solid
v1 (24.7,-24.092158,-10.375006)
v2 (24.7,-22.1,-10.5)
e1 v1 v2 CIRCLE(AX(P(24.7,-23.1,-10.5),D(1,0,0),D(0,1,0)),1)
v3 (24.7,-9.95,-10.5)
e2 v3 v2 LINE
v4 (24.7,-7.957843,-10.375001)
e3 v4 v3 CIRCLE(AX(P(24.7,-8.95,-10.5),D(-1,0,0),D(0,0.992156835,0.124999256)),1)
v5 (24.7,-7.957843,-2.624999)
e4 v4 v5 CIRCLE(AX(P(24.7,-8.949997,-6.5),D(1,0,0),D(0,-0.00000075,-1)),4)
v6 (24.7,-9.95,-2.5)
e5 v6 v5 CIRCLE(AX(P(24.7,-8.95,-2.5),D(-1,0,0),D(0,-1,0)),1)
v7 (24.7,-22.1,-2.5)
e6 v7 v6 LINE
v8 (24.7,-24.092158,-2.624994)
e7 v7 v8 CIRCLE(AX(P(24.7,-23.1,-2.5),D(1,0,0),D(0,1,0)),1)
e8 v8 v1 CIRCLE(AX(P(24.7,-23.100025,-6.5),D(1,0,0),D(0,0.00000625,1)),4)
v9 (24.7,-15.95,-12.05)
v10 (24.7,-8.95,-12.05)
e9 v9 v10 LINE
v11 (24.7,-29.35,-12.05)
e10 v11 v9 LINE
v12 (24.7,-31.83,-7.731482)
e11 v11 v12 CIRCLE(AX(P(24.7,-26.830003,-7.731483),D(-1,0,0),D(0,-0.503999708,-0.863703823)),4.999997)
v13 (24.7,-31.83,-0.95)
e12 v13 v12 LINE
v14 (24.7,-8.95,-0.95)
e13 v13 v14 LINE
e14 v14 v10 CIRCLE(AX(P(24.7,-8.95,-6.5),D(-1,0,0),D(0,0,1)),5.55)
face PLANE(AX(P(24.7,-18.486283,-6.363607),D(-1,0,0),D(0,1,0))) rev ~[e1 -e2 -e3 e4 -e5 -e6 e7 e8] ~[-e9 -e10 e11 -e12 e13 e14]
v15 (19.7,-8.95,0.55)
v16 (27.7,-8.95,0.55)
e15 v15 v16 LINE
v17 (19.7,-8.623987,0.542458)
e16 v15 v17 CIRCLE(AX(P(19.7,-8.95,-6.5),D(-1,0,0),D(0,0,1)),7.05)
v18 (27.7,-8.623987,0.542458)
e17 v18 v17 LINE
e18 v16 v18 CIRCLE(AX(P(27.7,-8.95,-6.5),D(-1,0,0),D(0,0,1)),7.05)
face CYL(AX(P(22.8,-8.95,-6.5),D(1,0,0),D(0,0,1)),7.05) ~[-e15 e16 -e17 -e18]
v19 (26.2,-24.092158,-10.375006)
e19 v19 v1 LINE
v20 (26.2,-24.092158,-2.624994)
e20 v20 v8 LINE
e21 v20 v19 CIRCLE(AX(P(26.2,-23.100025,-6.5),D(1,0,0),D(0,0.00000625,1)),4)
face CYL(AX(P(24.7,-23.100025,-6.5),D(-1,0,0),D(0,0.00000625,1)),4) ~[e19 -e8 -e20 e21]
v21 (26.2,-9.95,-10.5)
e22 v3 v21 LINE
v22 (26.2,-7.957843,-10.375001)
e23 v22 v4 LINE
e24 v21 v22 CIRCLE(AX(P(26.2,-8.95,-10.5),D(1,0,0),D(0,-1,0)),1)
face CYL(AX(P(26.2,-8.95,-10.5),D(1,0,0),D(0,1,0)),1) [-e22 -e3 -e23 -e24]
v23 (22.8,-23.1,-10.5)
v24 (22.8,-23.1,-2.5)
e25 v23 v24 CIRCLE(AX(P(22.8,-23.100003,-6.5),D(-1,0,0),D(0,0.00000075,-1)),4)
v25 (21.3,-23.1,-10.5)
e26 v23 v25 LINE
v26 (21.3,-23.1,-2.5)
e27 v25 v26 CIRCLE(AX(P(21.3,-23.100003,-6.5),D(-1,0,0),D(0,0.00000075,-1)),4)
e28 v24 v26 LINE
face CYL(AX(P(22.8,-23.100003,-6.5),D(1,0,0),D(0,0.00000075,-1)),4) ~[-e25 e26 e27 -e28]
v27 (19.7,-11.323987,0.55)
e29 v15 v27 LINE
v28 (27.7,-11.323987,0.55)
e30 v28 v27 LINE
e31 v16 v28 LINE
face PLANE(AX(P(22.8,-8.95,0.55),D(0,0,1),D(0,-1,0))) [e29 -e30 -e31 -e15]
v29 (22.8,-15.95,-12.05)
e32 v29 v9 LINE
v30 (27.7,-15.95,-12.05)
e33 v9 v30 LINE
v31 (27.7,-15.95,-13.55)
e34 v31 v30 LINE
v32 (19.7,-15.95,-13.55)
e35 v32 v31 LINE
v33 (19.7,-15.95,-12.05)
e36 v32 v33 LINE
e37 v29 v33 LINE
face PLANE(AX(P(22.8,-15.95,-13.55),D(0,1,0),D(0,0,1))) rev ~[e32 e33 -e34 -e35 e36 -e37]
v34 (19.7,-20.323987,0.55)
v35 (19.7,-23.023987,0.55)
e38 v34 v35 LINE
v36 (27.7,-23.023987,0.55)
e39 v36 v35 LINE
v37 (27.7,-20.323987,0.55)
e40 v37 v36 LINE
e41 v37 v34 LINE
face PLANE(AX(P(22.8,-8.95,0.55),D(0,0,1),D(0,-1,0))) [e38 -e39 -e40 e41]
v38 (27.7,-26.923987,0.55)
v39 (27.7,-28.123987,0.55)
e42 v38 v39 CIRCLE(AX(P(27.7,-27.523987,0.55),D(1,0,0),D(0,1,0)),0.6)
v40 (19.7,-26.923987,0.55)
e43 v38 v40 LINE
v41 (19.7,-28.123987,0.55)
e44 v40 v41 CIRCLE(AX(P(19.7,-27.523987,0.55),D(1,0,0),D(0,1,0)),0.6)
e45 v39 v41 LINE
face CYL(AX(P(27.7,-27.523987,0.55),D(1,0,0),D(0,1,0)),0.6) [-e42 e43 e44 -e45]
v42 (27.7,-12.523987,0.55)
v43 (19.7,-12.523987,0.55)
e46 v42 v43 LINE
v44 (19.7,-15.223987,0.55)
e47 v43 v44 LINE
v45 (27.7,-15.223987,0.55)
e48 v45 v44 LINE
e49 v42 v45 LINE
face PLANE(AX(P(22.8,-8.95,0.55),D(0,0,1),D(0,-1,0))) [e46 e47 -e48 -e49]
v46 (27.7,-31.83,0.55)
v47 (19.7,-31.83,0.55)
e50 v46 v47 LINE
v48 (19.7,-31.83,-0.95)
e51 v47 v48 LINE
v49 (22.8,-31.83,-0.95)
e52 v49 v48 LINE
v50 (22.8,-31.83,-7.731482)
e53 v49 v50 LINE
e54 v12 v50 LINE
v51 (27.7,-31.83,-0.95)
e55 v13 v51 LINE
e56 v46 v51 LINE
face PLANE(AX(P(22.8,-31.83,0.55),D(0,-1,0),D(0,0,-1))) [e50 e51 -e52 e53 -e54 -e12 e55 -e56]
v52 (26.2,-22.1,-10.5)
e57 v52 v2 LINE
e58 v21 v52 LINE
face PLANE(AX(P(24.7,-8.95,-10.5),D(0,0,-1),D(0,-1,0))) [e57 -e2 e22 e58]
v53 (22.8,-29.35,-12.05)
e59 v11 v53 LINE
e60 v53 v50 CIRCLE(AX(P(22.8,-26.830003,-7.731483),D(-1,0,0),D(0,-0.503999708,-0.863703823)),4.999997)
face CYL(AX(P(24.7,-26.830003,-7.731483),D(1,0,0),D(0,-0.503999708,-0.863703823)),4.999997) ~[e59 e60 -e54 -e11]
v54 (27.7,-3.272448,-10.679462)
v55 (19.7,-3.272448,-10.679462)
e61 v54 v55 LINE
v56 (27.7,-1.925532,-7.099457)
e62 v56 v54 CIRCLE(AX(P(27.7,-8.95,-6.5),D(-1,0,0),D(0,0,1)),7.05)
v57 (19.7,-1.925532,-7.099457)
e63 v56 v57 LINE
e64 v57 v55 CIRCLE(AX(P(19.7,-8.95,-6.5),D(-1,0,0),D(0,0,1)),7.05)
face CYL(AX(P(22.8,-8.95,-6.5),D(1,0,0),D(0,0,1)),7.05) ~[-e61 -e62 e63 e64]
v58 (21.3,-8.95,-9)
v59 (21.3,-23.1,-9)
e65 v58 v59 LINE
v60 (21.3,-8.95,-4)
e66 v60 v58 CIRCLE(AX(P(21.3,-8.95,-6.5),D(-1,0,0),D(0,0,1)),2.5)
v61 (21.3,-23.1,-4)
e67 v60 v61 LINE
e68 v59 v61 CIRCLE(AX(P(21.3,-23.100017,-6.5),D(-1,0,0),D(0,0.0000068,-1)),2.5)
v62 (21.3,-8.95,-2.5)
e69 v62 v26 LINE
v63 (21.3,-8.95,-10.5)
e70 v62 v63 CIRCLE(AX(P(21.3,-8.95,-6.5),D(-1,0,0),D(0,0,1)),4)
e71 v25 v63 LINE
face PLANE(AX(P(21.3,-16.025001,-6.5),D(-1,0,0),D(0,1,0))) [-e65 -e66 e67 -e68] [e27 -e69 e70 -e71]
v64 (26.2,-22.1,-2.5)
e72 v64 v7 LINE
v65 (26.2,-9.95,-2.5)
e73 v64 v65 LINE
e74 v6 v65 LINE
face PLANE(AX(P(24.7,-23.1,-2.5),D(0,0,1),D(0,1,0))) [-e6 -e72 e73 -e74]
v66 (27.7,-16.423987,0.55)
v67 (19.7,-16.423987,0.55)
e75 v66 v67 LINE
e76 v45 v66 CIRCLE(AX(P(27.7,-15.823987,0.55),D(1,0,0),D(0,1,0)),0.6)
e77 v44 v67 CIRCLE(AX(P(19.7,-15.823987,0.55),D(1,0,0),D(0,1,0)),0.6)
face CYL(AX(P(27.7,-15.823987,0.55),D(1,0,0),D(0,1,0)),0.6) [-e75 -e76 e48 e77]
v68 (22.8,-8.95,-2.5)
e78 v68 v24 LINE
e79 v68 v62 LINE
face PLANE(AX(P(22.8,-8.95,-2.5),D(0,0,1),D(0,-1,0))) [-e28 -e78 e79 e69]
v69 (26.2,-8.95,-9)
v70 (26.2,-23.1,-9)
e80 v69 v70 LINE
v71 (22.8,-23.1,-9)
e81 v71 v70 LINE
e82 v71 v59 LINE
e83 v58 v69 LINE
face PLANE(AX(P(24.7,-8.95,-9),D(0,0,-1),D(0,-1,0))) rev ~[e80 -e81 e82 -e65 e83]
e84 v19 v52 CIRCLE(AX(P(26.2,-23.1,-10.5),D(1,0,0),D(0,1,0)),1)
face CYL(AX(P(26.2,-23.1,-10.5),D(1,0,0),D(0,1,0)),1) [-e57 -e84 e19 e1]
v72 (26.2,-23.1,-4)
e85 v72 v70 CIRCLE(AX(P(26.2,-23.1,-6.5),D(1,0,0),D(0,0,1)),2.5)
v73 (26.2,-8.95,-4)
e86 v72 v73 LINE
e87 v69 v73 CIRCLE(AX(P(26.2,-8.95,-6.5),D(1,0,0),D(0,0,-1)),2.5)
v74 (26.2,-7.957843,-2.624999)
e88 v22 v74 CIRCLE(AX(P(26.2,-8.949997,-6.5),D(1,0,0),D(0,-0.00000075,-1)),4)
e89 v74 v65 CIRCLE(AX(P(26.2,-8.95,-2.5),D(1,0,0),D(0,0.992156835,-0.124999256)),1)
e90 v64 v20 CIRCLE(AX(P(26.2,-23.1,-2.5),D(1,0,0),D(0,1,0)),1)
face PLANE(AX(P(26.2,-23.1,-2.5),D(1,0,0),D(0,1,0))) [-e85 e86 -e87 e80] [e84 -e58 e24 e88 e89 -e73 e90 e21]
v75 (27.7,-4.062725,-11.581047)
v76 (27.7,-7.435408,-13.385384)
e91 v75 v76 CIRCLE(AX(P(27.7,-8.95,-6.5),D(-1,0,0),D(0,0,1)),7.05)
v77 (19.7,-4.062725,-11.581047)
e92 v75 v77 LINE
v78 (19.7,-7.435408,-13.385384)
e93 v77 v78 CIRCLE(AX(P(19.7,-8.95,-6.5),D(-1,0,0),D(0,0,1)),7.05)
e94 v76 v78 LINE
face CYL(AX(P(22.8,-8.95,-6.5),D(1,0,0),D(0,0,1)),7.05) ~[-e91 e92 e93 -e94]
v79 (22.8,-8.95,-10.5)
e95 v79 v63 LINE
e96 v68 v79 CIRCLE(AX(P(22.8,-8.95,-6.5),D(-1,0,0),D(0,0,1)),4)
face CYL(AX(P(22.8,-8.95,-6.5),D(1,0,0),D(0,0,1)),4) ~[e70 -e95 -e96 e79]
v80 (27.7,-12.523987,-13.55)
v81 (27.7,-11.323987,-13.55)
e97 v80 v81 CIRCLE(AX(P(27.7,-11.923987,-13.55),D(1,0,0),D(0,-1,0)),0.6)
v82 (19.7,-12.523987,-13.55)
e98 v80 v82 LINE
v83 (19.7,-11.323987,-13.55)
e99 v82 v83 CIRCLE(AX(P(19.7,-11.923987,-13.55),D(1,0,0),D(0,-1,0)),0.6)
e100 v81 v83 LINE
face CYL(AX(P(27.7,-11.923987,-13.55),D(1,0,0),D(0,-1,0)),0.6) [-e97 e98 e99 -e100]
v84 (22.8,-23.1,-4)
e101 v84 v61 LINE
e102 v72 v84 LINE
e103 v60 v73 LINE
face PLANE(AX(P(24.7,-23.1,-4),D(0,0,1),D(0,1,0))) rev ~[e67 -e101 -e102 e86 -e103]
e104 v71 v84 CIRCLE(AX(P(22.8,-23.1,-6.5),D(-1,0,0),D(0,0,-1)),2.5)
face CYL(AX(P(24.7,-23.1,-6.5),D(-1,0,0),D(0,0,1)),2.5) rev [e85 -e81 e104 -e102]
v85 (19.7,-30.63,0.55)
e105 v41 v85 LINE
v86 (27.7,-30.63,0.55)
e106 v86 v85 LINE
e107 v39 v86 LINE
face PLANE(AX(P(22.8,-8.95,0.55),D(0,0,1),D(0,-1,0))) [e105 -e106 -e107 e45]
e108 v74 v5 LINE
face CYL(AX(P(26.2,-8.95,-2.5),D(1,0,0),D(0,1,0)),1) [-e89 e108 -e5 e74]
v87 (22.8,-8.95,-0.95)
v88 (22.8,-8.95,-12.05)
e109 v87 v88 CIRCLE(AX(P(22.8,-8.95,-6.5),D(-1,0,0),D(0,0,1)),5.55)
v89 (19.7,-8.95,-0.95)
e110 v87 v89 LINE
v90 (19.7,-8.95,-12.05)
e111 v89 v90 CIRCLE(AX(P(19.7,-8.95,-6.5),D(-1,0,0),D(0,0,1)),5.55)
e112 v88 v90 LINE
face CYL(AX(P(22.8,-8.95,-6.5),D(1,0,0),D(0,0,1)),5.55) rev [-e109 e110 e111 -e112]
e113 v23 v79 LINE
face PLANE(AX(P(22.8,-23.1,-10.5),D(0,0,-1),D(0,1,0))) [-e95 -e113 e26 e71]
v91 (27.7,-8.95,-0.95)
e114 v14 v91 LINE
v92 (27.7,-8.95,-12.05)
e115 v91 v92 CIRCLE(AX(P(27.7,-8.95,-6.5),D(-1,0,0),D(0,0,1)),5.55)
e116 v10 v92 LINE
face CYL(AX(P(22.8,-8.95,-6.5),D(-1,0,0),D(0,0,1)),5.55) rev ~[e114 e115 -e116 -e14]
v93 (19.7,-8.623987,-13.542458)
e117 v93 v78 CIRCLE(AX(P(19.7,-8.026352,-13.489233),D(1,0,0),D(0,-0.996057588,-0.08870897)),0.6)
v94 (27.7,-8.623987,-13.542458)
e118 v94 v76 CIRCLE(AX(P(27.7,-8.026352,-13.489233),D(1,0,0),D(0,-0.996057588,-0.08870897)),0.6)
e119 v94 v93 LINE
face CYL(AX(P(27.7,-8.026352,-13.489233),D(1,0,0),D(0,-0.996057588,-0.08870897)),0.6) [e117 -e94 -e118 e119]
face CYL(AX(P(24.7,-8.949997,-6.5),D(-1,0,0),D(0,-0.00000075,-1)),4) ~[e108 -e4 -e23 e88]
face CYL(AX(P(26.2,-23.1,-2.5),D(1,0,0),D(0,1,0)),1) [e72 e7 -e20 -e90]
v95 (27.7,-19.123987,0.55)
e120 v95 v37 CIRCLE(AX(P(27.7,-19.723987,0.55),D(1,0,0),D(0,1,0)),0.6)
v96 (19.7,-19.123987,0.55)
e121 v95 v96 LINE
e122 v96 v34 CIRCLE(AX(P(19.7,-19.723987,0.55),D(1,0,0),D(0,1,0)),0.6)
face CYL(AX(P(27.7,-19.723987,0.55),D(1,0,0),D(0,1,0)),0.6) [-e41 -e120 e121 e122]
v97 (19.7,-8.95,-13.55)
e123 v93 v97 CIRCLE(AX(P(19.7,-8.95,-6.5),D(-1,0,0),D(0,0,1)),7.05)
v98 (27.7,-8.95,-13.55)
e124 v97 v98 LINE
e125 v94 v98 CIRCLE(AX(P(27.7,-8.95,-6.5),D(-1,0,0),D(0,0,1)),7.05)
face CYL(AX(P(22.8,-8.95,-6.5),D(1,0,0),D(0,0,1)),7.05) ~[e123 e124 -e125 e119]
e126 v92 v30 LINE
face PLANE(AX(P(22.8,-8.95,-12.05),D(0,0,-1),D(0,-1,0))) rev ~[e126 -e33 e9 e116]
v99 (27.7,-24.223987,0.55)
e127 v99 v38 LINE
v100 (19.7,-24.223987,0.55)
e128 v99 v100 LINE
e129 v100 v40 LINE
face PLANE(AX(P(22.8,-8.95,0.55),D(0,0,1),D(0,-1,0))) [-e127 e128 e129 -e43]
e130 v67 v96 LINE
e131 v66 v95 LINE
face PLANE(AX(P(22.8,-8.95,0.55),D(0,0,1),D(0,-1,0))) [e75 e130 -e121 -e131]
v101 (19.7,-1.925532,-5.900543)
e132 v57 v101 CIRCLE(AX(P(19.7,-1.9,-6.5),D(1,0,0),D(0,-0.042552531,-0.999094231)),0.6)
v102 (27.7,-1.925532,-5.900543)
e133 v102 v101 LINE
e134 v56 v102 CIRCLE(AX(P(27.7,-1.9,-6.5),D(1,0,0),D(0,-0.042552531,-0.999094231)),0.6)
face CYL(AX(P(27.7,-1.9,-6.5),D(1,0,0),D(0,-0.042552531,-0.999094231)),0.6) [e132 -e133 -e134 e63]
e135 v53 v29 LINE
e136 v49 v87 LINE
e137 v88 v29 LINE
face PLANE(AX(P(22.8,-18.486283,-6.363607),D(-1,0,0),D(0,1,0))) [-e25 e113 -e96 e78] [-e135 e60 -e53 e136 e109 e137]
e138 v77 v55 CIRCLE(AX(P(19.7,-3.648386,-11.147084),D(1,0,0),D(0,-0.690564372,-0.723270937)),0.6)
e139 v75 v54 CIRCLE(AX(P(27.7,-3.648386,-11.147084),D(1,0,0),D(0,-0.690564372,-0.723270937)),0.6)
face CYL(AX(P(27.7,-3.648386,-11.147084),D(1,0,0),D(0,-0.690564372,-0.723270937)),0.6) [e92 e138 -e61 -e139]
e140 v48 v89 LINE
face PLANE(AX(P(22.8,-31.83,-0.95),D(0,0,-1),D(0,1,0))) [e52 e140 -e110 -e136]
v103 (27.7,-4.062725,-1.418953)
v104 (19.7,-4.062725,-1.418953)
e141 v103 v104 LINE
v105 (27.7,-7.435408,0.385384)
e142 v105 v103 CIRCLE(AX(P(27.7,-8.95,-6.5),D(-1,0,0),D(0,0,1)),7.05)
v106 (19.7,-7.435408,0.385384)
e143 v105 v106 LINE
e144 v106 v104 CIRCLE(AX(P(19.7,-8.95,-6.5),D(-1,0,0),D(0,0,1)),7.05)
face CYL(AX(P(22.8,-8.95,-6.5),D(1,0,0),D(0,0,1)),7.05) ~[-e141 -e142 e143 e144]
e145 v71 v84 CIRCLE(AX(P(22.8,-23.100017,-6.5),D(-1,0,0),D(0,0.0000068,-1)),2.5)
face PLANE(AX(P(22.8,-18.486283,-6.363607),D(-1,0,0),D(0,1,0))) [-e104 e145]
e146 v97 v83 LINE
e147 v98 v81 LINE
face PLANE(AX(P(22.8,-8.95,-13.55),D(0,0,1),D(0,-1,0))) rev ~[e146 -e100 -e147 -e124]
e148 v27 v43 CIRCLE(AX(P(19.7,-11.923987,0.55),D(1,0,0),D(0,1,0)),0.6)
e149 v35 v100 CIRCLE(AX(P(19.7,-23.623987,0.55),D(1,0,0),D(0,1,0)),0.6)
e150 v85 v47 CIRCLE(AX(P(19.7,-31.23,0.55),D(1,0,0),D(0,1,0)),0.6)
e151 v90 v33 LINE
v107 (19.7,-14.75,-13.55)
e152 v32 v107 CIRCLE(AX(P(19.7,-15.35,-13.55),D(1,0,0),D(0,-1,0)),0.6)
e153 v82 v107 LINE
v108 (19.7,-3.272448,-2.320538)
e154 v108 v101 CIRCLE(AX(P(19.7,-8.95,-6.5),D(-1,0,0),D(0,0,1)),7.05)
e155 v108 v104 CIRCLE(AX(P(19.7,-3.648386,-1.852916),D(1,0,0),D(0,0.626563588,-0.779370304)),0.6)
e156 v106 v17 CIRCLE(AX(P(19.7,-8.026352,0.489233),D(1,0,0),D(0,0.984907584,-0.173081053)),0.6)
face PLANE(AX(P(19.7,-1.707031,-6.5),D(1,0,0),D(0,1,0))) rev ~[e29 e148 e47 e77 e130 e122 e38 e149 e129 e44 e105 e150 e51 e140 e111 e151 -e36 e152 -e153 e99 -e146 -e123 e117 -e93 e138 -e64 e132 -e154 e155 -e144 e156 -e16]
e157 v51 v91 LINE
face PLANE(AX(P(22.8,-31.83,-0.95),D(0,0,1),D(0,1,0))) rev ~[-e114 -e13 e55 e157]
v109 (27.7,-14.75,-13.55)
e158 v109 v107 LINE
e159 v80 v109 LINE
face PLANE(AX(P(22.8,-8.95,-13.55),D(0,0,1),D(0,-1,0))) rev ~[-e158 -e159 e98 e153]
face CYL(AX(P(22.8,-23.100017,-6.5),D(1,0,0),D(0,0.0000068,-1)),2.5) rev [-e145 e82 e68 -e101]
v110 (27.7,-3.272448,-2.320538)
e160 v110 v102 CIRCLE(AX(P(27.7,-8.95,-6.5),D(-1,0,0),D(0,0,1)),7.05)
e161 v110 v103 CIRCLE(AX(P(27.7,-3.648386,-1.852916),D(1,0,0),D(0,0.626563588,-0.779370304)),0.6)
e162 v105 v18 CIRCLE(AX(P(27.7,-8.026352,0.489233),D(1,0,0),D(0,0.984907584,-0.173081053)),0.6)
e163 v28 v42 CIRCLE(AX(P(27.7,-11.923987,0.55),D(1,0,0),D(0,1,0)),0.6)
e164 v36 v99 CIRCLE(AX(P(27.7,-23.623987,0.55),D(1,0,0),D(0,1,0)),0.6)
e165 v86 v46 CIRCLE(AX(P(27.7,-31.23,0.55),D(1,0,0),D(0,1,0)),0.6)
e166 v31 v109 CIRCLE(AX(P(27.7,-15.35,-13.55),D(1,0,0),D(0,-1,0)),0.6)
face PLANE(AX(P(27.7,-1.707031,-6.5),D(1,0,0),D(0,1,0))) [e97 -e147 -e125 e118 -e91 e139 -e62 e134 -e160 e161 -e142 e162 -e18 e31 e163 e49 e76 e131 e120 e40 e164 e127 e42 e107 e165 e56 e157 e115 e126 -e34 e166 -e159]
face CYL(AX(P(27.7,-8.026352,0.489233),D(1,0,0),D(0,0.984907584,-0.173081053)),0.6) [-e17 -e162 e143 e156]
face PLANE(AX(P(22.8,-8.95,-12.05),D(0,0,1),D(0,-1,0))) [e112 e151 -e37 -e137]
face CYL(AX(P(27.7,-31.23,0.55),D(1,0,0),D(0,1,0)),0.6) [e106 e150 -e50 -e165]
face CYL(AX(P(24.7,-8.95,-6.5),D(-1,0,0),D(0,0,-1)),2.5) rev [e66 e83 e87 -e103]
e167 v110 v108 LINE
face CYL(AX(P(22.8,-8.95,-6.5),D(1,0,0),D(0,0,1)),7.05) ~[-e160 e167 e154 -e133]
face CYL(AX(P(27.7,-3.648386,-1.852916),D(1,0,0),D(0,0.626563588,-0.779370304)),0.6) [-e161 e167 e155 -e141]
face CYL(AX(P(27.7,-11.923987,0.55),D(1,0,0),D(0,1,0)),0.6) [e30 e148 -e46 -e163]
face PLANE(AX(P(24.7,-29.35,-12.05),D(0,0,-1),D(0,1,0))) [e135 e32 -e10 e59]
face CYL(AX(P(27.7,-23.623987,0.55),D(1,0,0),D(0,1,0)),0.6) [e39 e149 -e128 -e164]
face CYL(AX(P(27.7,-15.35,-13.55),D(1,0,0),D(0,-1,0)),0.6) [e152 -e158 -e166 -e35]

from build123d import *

# Parameters (mm, degrees)
PAD104_DEPTH            = 1.9
POCKET097_DEPTH         = 2
PAD105_DEPTH            = 1.5
PAD106_DEPTH            = 1.5
PAD107_DEPTH            = 4.9
PAD108_DEPTH            = 3.1
PAD110_DEPTH            = 8
SKETCH201_R             = 1
PAD160_DEPTH            = 2
BODY016_ROLL_ANGLE      = -90
BODY016_PLACEMENT_ANGLE = 90


with BuildPart() as part:
    # Sketch196 → Pad104 (new body)
    with BuildSketch(Plane.XY):
        with BuildLine():
            Line((19.17, -5.55), (42.05, -5.55))
            ThreePointArc((42.05, -5.55), (47.6, 0), (42.05, 5.55))
            Line((21.65, 5.55), (42.05, 5.55))
            ThreePointArc((21.65, 5.55), (19.834103, 3.721462), (19.17, 1.231482))
            Line((19.17, -5.55), (19.17, 1.231482))
        make_face()
    extrude(amount=PAD104_DEPTH)

    # Sketch197 (on Face7 of Pad104) → Pocket097 (cut)
    with BuildSketch(Plane.XY.offset(1.9)):
        with BuildLine():
            ThreePointArc((27.9, 2.5), (25.4, 0), (27.9, -2.5))
            Line((27.9, -2.5), (42.05, -2.5))
            ThreePointArc((42.05, -2.5), (44.55, 0), (42.05, 2.5))
            Line((27.9, 2.5), (42.05, 2.5))
        make_face()
    extrude(amount=-POCKET097_DEPTH, mode=Mode.SUBTRACT)

    # Sketch198 (on Face5 of Pocket097) → Pad105 (join)
    with BuildSketch(Plane.XY.offset(1.9)):
        with BuildLine():
            ThreePointArc((42.05, -4), (46.05, 0), (42.05, 4))
            Line((27.9, 4), (42.05, 4))
            ThreePointArc((27.9, 4), (23.899997, 0), (27.9, -4))
            Line((42.05, -4), (27.9, -4))
        make_face()
        with BuildLine():
            ThreePointArc((27.9, 2.5), (25.399983, 0), (27.9, -2.5))
            Line((42.05, -2.5), (27.9, -2.5))
            ThreePointArc((42.05, -2.5), (44.55, 0), (42.05, 2.5))
            Line((42.05, 2.5), (27.9, 2.5))
        make_face(mode=Mode.SUBTRACT)
    extrude(amount=PAD105_DEPTH)

    # Sketch199 (on Face4 of Pad105) → Pad106 (join)
    with BuildSketch(Plane(origin=(0, 0, 0), x_dir=(1, 0, 0), z_dir=(0, 0, -1))):
        with BuildLine():
            Line((27.9, 4), (42.05, 4))
            ThreePointArc((42.05, -4), (46.050003, 0), (42.05, 4))
            Line((42.05, -4), (27.9, -4))
            ThreePointArc((27.9, 4), (23.899975, 0), (27.9, -4))
        make_face()
        with BuildLine():
            ThreePointArc((27.9, 2.5), (25.4, 0), (27.9, -2.5))
            Line((42.05, -2.5), (27.9, -2.5))
            ThreePointArc((42.05, -2.5), (44.55, 0), (42.05, 2.5))
            Line((27.9, 2.5), (42.05, 2.5))
        make_face(mode=Mode.SUBTRACT)
    extrude(amount=PAD106_DEPTH)

    # Sketch200 (on Face5 of Pad106) → Pad107 (join)
    with BuildSketch(Plane.XY.offset(1.9)):
        with BuildLine():
            ThreePointArc((42.05, -5.55), (47.6, 0), (42.05, 5.55))
            Line((42.05, 5.55), (35.05, 5.55))
            Line((35.05, 7.05), (35.05, 5.55))
            Line((42.05, 7.05), (35.05, 7.05))
            ThreePointArc((42.05, -7.05), (49.1, 0), (42.05, 7.05))
            Line((42.05, -7.05), (19.17, -7.05))
            Line((19.17, -7.05), (19.17, -5.55))
            Line((19.17, -5.55), (42.05, -5.55))
        make_face()
    extrude(amount=-PAD107_DEPTH)

    # Sketch200 (on Face5 of Pad106) → Pad108 (join)
    with BuildSketch(Plane.XY.offset(1.9)):
        with BuildLine():
            ThreePointArc((42.05, -5.55), (47.6, 0), (42.05, 5.55))
            Line((42.05, 5.55), (35.05, 5.55))
            Line((35.05, 7.05), (35.05, 5.55))
            Line((42.05, 7.05), (35.05, 7.05))
            ThreePointArc((42.05, -7.05), (49.1, 0), (42.05, 7.05))
            Line((42.05, -7.05), (19.17, -7.05))
            Line((19.17, -7.05), (19.17, -5.55))
            Line((19.17, -5.55), (42.05, -5.55))
        make_face()
    extrude(amount=PAD108_DEPTH)

    # Sketch202 → Pad110 (join)
    with BuildSketch(Plane(origin=(0, 0, -3), x_dir=(1, 0, 0), z_dir=(0, 0, -1))):
        with BuildLine():
            ThreePointArc((24.076013, 7.05), (23.476013, 7.65), (22.876013, 7.05))
            Line((22.876013, 7.05), (24.076013, 7.05))
        make_face()
        with BuildLine():
            ThreePointArc((27.976013, 7.05), (27.376013, 7.65), (26.776013, 7.05))
            Line((26.776013, 7.05), (27.976013, 7.05))
        make_face()
        with BuildLine():
            ThreePointArc((31.876013, 7.05), (31.276013, 7.65), (30.676013, 7.05))
            Line((30.676013, 7.05), (31.876013, 7.05))
        make_face()
        with BuildLine():
            ThreePointArc((35.776013, 7.05), (35.176013, 7.65), (34.576013, 7.05))
            Line((34.576013, 7.05), (35.776013, 7.05))
        make_face()
        with BuildLine():
            ThreePointArc((39.676013, 7.05), (39.076013, 7.65), (38.476013, 7.05))
            Line((38.476013, 7.05), (39.676013, 7.05))
        make_face()
        with BuildLine():
            ThreePointArc((49.074468, -0.599457), (49.7, 0), (49.074468, 0.599457))
            Line((49.074468, 0.599457), (49.074468, -0.599457))
        make_face()
        with BuildLine():
            ThreePointArc((47.727552, 4.179462), (47.802815, 5.042581), (46.937275, 5.081047))
            Line((46.937275, 5.081047), (47.727552, 4.179462))
        make_face()
        with BuildLine():
            ThreePointArc((43.564592, 6.885384), (43.052255, 7.584061), (42.376013, 7.042458))
            Line((42.376013, 7.042458), (43.564592, 6.885384))
        make_face()
        with BuildLine():
            ThreePointArc((46.937275, -5.081047), (47.802815, -5.042581), (47.727552, -4.179462))
            Line((47.727552, -4.179462), (46.937275, -5.081047))
        make_face()
        with BuildLine():
            ThreePointArc((42.376013, -7.042458), (43.052255, -7.584061), (43.564592, -6.885384))
            Line((43.564592, -6.885384), (42.376013, -7.042458))
        make_face()
        with BuildLine():
            ThreePointArc((38.476013, -7.05), (39.076013, -7.65), (39.676013, -7.05))
            Line((39.676013, -7.05), (38.476013, -7.05))
        make_face()
        with BuildLine():
            ThreePointArc((20.37, 7.05), (19.77, 7.65), (19.17, 7.05))
            Line((19.17, 7.05), (20.37, 7.05))
        make_face()
        with BuildLine():
            ThreePointArc((35.05, -7.05), (35.65, -7.65), (36.25, -7.05))
            Line((36.25, -7.05), (35.05, -7.05))
        make_face()
    extrude(amount=-PAD110_DEPTH)

    # Sketch201 (on Face19 of Pad108) → Pad160 (join)
    with BuildSketch(Plane(origin=(0, 0, -1.5), x_dir=(1, 0, 0), z_dir=(0, 0, -1))):
        with Locations((27.9, 4)):
            Circle(SKETCH201_R)
        with Locations((42.05, 4)):
            Circle(SKETCH201_R)
        with Locations((42.05, -4)):
            Circle(SKETCH201_R)
        with Locations((27.9, -4)):
            Circle(SKETCH201_R)
    extrude(amount=-PAD160_DEPTH)


with BuildPart() as part_1:
    # Body016 roll: moved
    add(part.part.rotate(Axis((0, 0, 0), (1, 0, 0)), BODY016_ROLL_ANGLE))


with BuildPart() as part_2:
    # Body016 placement: moved
    add(part_1.part.moved(Location((24.7, -51, -6.5))).rotate(Axis((24.7, -51, -6.5), (0, 0, 1)), BODY016_PLACEMENT_ANGLE))


solid = part_2.part
